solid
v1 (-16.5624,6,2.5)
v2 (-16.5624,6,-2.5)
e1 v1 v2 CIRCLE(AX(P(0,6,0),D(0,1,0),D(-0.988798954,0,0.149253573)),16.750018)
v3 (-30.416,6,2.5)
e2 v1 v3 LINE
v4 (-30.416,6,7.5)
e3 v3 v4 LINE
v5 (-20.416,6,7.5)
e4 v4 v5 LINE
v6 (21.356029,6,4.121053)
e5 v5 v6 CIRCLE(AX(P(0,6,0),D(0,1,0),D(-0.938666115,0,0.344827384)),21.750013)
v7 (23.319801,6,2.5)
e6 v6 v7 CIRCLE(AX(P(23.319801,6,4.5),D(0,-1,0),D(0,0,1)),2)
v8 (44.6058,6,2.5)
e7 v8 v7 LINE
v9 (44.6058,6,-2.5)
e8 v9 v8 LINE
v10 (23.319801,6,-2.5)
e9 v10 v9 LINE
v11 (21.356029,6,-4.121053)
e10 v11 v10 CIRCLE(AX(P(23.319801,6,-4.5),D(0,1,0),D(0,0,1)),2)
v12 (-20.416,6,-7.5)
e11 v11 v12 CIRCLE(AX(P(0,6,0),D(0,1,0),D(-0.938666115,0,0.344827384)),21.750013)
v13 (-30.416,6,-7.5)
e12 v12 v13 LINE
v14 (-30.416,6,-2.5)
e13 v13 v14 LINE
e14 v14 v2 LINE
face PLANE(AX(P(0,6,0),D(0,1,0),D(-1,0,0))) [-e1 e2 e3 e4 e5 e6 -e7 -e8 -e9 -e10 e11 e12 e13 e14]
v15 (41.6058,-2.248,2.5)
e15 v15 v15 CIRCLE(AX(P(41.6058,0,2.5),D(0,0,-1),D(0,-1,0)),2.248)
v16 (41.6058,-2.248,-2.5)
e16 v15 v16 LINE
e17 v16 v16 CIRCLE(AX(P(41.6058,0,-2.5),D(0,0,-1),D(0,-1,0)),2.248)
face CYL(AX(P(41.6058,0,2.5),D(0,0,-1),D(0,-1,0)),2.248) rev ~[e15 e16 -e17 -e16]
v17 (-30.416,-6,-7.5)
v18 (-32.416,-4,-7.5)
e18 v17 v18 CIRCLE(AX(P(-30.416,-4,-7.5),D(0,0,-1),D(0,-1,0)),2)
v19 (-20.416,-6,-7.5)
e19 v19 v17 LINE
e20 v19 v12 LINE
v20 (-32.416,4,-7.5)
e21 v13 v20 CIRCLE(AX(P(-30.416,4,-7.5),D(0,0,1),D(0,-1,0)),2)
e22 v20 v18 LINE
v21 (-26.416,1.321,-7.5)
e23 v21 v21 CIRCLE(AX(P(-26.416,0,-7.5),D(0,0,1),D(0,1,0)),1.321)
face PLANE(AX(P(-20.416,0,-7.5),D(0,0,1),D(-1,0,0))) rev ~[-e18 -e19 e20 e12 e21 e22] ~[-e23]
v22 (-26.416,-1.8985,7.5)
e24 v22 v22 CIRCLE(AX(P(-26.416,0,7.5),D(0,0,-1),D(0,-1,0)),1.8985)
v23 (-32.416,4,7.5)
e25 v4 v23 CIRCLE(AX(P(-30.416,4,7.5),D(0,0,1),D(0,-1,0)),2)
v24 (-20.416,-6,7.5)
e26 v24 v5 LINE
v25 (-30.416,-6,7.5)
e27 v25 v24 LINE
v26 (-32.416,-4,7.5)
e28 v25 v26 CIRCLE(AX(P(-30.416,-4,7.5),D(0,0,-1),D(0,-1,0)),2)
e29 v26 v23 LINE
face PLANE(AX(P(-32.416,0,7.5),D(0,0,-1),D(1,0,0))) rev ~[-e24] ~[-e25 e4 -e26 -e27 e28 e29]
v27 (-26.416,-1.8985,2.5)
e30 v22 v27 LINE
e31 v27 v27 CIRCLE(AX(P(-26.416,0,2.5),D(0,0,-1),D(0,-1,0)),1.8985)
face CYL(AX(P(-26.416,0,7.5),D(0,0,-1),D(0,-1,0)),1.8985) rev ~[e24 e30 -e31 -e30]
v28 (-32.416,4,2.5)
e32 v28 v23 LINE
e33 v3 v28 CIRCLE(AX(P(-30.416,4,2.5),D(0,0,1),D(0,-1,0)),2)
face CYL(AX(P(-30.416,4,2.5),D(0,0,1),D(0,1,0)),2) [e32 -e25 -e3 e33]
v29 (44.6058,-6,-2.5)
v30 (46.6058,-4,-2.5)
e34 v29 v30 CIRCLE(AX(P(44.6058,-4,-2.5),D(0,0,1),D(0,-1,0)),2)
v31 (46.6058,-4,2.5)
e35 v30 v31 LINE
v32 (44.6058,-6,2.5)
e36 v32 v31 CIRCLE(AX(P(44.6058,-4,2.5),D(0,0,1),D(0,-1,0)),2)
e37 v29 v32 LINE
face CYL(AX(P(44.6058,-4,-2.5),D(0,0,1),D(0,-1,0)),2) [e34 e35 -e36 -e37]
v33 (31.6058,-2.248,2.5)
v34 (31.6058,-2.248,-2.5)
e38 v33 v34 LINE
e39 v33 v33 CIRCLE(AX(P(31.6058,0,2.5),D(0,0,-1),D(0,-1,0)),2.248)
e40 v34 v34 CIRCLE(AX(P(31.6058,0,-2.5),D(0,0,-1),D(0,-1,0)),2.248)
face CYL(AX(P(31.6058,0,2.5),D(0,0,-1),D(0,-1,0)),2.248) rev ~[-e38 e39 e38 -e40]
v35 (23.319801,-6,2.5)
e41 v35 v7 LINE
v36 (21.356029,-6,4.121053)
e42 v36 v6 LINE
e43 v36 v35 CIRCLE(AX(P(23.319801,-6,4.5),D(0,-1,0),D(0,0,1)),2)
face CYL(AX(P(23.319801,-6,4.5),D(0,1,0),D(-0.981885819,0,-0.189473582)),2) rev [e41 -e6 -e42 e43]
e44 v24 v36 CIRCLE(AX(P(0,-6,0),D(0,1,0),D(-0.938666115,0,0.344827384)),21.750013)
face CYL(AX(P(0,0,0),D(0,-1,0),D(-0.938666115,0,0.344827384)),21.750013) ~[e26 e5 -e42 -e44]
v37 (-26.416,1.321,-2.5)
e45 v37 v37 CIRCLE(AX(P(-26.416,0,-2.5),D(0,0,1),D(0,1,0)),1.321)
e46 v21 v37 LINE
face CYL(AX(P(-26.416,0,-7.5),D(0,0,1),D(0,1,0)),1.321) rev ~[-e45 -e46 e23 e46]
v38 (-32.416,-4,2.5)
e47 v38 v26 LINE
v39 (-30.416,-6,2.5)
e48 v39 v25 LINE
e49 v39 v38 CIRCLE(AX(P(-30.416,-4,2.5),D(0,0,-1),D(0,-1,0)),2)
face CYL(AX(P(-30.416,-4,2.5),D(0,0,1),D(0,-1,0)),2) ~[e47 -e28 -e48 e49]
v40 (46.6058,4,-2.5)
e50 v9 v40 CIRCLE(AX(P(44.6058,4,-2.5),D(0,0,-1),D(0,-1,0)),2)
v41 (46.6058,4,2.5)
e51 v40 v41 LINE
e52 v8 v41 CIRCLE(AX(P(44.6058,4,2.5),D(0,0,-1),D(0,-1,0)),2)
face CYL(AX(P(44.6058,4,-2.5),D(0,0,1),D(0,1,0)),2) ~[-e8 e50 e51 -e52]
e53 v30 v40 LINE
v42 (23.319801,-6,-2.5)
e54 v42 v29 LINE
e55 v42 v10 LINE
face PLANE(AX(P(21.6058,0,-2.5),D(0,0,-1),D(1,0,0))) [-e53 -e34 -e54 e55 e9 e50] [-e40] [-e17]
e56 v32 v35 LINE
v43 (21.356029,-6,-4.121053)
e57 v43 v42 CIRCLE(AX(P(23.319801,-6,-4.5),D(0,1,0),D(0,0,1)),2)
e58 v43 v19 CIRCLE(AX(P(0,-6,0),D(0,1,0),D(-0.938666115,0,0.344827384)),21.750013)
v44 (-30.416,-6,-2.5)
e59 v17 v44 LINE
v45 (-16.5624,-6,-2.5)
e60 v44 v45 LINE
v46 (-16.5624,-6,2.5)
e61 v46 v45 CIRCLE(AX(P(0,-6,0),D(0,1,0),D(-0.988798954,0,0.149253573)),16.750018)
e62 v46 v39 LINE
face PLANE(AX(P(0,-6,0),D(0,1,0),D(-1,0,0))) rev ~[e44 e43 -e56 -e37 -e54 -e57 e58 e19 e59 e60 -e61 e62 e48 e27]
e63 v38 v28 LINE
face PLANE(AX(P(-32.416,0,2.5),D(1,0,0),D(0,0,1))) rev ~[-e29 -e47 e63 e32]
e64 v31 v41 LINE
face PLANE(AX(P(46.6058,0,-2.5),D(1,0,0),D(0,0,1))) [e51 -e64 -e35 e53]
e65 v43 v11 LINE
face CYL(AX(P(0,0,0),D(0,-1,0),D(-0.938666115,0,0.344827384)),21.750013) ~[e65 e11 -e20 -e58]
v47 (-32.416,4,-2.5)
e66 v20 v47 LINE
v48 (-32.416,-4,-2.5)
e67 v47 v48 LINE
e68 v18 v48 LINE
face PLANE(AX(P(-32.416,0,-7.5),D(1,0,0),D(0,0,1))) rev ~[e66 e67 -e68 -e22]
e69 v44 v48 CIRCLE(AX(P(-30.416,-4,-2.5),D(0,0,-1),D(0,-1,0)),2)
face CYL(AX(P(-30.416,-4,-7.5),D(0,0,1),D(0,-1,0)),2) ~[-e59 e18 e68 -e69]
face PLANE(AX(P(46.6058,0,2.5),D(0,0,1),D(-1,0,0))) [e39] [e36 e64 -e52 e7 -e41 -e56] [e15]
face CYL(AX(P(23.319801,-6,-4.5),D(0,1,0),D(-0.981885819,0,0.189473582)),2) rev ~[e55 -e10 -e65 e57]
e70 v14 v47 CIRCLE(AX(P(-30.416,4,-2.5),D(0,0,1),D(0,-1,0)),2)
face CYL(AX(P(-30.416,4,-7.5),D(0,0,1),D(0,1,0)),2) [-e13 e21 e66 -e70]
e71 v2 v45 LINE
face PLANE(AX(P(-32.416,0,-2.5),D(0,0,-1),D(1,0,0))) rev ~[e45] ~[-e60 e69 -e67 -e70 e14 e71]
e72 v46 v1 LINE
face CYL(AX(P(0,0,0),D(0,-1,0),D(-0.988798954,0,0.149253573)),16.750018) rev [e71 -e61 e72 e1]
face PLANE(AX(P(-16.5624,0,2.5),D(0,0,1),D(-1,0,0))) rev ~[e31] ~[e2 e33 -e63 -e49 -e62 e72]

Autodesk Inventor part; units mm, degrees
ref_plane "XZ Plane" through (0, 0, 0) normal (0, 1, 0) x (-1, 0, 0)
ref_plane "XY Plane" through (0, 0, 0) normal (0, 0, 1) x (1, 0, 0)
sketch "Sketch1" plane through (0, 0, 0) normal (0, 1, 0) x (-1, 0, 0)
  arc A0 (16.5624, 2.5) -> (16.5624, -2.5) centre (0, 0) ccw
  arc A1 (20.416, 7.5) -> (20.416, -7.5) centre (0, 0) ccw
  line L0 (32.416, 7.5) -> (20.416, 7.5)
  line L1 (16.5624, 2.5) -> (32.416, 2.5)
  line L2 (32.416, 2.5) -> (32.416, 7.5)
  line L3 (32.416, -2.5) -> (16.5624, -2.5)
  line L4 (20.416, -7.5) -> (32.416, -7.5)
  line L5 (32.416, -7.5) -> (32.416, -2.5)
  line L6 (26.416, 5) -> (26.416, -5) construction
  line L7 (-21.6058, -2.5) -> (-46.6058, -2.5)
  line L8 (-46.6058, -2.5) -> (-46.6058, 2.5)
  line L9 (-46.6058, 2.5) -> (-21.6058, 2.5)
  line L10 (-21.6058, 2.5) -> (-21.6058, -2.5)
  point P0 (32.416, 5)
  point P1 (32.416, -5)
  point P2 (26.416, 0)
  point P3 (26.416, -7.5)
  point P4 (-16.75, 0)
  point P5 (-46.6058, 0)
  dimension "d0" = 33.5
  dimension "d1" = 5
  dimension "d4" = 5
  dimension "d5" = 5
  dimension "d6" = 10
  dimension "d7" = 12
  dimension "d35" = 5
  dimension "d36" = 25
extrude "Extrusion1" add sketch "Sketch1" along normal mid plane 12
sketch "Sketch2" plane through (-32.416, 6, 7.5) normal (0, 0, 1) x (1, 0, 0)
  line L0 (0, 0) -> (0, -12) projected
  line L1 (0, 0) -> (12, 0) projected
  point P0 (32.416, -6)
  point P1 (6, -6)
  point P2 (0, -6)
  point P3 (6, 0)
hole "Hole1" at (-26.416, 0, 7.5) direction (0, 0, -1) diameter 3.797 depth 5 clearance for "Flat Head Machine Screw (82)" size "#6" standard "Ansi Unified Screw Threads"
sketch "Sketch3" plane through (-20.416, 6, -7.5) normal (0, 0, -1) x (-1, 0, 0)
  line L0 (8.3161, -1.9884) -> (10.6322, -6)
  line L1 (10.6322, -6) -> (8.3161, -10.0116)
  line L2 (8.3161, -10.0116) -> (3.6839, -10.0116)
  line L3 (3.6839, -10.0116) -> (1.3678, -6)
  line L4 (1.3678, -6) -> (3.6839, -1.9884)
  line L5 (3.6839, -1.9884) -> (8.3161, -1.9884)
  circle A0 centre (6, -6) radius 1.8985 projected
  point P0 (-20.416, -6)
  dimension "d17" = 8.0232
extrude "Extrusion2" [suppressed]
ref_plane "Work Plane3" through (19.75, 0, 0) normal (1, 0, 0) x (0, 1, 0)
sketch "Sketch6" plane through (-20.416, -6, -7.5) normal (0, 0, -1) x (-1, 0, 0)
  line L0 (12, 0) -> (-3.8536, 0) projected
  point P0 (-20.416, 6)
  point P1 (10, 0)
  point P2 (6, 6)
hole "Hole3" at (-26.416, 0, -7.5) direction (0, 0, 1) diameter 2.642 depth 5 thread size "6-32 UNC" class "2B" standard "ANSI Unified Screw Threads"
sketch "Sketch7" plane through (21.6058, 6, 2.5) normal (0, 0, 1) x (1, 0, 0)
  line L0 (25, -12) -> (25, 0) projected
  point P0 (-21.6058, -6)
  point P1 (20, -6)
  point P2 (10, -6)
  point P3 (25, -6)
  dimension "d44" = 5
  dimension "d45" = 10
hole "Hole4" at (41.6058, 0, 2.5) at (31.6058, 0, 2.5) direction (0, 0, -1) diameter 4.496 end through all clearance for "Flat Head Machine Screw (82)" size "#8" standard "Ansi Unified Screw Threads"
fillet "Fillet2" radius 2 6 edges at (46.6058, -6, 0) (46.6058, 6, 0) (-32.416, -6, 5) (-32.416, 6, 5) (-32.416, 6, -5) (-32.416, -6, -5)
fillet "Fillet3" radius 2 2 edges at (21.6058, 0, -2.5) (21.6058, 0, 2.5)
equation "\"d5\" = d4"
properties part number "CameraClampRotate"
